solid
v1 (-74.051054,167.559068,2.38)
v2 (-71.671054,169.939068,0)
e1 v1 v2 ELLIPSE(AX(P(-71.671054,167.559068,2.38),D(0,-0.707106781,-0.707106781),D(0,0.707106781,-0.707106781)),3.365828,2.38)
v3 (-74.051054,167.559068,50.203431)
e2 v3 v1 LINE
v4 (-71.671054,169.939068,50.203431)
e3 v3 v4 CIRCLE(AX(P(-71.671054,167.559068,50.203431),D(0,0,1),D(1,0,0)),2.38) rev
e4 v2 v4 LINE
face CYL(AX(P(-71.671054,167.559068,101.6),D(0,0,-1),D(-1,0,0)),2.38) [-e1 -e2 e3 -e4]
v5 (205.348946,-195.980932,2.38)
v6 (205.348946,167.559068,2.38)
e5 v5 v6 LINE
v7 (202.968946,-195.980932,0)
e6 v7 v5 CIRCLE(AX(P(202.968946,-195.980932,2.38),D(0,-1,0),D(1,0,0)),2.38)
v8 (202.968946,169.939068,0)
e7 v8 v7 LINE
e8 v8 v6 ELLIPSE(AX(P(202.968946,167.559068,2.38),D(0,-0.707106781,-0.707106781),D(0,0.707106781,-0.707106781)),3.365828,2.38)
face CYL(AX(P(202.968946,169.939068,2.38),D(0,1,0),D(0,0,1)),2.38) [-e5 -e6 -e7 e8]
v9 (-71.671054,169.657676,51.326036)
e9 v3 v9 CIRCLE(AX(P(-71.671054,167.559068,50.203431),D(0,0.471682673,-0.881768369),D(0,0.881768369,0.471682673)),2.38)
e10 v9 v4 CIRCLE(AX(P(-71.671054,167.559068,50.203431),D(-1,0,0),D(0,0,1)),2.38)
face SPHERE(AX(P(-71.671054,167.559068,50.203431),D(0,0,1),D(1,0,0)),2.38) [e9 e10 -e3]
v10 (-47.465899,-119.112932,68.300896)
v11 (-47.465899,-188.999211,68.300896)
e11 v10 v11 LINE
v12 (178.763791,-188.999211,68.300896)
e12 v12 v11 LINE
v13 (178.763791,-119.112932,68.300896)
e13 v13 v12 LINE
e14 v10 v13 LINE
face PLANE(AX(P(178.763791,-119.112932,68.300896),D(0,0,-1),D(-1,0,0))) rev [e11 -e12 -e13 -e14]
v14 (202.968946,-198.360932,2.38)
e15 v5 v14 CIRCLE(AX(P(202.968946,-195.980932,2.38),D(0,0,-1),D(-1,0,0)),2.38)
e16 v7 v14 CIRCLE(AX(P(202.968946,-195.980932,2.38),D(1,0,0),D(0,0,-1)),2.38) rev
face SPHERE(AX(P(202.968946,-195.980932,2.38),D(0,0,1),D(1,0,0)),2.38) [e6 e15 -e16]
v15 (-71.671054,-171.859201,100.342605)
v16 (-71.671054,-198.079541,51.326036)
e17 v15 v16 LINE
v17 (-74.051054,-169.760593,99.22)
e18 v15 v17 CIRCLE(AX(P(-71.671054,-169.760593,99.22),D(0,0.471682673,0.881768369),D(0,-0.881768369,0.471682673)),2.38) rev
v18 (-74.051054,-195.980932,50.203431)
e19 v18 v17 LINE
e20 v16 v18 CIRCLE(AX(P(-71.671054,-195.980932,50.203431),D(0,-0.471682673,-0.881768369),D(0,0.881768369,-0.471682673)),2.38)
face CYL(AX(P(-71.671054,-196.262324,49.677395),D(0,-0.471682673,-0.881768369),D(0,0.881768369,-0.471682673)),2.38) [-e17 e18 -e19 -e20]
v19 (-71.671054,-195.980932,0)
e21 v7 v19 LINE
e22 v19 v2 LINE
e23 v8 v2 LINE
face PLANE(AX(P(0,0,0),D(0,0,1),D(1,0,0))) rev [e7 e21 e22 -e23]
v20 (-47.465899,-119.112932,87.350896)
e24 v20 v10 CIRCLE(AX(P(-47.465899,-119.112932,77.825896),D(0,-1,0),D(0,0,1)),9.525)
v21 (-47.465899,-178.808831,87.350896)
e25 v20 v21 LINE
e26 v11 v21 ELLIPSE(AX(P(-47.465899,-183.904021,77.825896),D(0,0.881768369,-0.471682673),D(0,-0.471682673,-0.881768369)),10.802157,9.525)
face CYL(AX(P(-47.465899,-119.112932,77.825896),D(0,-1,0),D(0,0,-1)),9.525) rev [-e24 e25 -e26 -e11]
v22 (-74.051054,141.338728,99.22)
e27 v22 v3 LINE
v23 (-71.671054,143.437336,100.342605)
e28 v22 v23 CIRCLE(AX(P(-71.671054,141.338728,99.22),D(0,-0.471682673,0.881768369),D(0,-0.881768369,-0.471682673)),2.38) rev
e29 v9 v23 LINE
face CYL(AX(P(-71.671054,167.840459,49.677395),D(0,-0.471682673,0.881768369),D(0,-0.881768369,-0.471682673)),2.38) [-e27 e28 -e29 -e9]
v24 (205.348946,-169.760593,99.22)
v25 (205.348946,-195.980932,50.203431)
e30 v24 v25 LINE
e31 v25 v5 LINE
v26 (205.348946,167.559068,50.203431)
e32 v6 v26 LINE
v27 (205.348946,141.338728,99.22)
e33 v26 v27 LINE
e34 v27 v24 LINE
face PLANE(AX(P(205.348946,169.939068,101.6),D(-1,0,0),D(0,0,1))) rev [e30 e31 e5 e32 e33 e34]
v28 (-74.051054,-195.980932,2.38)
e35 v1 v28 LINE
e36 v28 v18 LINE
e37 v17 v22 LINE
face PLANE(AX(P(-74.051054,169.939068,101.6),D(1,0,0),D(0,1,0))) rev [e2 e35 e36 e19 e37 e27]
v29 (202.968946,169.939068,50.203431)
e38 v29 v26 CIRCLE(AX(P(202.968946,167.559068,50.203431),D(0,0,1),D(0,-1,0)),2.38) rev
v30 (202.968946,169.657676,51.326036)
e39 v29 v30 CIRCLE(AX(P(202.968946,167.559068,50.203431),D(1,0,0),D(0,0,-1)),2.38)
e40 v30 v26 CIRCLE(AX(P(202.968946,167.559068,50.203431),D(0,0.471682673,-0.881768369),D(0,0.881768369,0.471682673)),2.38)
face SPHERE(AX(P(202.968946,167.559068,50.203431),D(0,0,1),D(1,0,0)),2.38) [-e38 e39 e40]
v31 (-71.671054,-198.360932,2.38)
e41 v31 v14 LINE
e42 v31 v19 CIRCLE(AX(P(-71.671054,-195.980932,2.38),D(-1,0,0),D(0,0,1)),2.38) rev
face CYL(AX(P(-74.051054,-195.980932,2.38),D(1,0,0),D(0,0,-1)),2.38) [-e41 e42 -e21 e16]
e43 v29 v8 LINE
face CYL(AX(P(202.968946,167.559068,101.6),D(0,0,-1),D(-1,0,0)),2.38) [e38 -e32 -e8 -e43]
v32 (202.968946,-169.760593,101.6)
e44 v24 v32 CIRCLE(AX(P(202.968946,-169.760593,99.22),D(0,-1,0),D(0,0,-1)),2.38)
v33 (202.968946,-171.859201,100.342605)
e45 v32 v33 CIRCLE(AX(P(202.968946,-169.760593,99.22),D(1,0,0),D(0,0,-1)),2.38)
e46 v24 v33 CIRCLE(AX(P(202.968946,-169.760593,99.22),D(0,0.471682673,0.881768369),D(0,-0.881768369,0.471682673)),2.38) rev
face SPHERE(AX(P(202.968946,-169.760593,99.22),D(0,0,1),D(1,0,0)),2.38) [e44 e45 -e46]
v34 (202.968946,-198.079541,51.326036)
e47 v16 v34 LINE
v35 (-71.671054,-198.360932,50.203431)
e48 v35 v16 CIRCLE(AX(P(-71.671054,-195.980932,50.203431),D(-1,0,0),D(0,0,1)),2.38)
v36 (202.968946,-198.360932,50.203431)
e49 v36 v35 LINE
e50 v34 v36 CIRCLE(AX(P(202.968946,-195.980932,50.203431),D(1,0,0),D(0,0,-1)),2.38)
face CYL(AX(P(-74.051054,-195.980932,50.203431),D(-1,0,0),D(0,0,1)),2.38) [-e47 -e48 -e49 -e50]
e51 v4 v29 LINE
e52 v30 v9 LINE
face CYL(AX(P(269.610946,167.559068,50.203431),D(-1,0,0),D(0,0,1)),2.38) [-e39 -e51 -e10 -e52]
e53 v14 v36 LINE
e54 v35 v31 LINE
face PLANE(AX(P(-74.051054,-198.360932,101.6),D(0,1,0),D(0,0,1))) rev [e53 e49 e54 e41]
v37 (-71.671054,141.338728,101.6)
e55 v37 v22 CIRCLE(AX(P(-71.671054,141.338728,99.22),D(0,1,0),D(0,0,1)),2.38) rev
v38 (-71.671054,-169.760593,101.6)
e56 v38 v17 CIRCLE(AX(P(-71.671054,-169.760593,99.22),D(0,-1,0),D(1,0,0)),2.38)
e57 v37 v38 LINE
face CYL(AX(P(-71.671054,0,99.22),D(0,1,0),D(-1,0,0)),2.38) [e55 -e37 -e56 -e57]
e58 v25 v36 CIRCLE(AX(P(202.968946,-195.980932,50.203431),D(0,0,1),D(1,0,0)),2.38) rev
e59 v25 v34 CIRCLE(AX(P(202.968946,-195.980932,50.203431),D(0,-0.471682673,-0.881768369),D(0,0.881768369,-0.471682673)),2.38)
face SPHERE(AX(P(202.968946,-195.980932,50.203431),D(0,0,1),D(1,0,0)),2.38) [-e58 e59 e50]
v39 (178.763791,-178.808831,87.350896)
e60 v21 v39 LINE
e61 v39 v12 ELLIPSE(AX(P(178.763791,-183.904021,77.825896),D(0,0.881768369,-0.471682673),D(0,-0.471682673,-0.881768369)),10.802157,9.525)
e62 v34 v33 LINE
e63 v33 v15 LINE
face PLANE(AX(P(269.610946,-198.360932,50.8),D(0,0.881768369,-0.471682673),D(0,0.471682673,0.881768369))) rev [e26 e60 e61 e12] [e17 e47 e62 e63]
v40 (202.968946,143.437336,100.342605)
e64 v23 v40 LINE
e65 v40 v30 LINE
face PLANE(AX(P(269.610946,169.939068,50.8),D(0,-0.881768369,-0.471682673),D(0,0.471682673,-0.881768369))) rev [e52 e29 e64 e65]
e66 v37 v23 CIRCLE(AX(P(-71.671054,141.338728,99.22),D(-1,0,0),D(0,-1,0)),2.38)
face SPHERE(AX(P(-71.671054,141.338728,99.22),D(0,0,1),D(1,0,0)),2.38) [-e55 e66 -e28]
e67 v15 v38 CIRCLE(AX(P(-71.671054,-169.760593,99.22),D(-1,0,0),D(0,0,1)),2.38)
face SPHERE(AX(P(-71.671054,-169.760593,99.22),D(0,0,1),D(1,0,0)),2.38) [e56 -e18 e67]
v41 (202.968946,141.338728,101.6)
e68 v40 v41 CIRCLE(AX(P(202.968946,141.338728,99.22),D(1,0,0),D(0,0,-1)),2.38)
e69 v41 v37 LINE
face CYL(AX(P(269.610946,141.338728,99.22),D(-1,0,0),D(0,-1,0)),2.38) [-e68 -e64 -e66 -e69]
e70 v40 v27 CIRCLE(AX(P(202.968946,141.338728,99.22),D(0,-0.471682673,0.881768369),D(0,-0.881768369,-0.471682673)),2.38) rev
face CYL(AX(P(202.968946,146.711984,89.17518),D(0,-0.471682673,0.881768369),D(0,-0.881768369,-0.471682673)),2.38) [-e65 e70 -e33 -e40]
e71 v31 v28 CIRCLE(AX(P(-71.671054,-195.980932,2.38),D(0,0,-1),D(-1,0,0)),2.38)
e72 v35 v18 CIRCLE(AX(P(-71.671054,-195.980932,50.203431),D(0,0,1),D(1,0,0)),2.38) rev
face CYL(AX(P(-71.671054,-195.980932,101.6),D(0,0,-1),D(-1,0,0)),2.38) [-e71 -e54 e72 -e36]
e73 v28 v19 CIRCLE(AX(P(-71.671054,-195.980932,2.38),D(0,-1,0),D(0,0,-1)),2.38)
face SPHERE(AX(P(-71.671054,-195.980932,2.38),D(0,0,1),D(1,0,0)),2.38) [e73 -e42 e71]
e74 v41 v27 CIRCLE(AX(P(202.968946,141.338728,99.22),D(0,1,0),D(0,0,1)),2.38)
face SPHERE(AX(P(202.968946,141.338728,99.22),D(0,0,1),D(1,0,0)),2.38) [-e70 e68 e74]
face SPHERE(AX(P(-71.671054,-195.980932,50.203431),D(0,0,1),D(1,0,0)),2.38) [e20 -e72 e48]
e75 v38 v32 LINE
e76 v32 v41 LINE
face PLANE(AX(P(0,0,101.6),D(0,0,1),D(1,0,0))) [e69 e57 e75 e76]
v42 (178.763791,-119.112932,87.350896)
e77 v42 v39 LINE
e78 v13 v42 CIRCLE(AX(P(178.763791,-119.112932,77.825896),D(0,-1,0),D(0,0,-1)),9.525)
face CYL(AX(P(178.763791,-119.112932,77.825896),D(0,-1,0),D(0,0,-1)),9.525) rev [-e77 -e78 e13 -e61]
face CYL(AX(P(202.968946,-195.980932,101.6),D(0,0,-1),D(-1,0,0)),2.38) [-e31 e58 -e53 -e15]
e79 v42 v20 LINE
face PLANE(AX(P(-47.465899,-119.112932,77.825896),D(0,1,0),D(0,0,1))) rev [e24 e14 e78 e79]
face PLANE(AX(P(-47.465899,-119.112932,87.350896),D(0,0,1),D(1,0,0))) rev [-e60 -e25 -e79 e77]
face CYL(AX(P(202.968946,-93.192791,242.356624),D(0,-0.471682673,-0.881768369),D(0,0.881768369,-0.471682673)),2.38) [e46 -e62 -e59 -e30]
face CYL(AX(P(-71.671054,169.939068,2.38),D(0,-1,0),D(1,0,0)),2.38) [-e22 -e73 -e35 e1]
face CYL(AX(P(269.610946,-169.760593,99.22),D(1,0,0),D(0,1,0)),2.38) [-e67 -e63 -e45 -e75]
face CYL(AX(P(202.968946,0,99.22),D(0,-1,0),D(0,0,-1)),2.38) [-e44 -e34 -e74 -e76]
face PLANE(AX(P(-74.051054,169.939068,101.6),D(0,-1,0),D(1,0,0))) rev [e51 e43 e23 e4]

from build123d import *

# Parameters (mm, degrees)
SKETCH1_W           = 279.4
SKETCH1_H           = 368.3
BOSS_EXTRUDE1_DEPTH = 101.6
CUT_EXTRUDE2_DEPTH  = 343.662
CUT_EXTRUDE3_DEPTH  = 81.788
FILLET2_R           = 2.38


with BuildPart() as part:
    # Sketch1 → Boss-Extrude1 (new body)
    with BuildSketch(Plane.XY):
        with Locations((65.648946297, -14.210932476)):
            Rectangle(SKETCH1_W, SKETCH1_H)
    extrude(amount=BOSS_EXTRUDE1_DEPTH)

    # Sketch5 → Cut-Extrude2 (cut)
    with BuildSketch(Plane.ZY.offset(74.051053703)):
        Polygon((50.8, 169.939067524), (101.6, 142.764720342), (197.27126928, 191.743775141), (59.221541493, 225.542979991), align=None)
        Polygon((197.27126928, -220.165640093), (59.221541493, -253.964844943), (50.8, -198.360932476), (101.6, -171.186585294), align=None)
    extrude(amount=-CUT_EXTRUDE2_DEPTH, mode=Mode.SUBTRACT)

    # Sketch6 → Cut-Extrude3 (cut)
    with BuildSketch(Plane(origin=(0, -200.900932476, 0), x_dir=(-1, 0, 0), z_dir=(0, -1, 0))):
        with BuildLine():
            Line((47.465898878, -87.350896203), (-178.763791471, -87.350896203))
            ThreePointArc((-178.763791471, -87.350896203), (-188.288791471, -77.825896203), (-178.763791471, -68.300896203))
            Line((-178.763791471, -68.300896203), (47.465898878, -68.300896203))
            ThreePointArc((47.465898878, -68.300896203), (56.990898878, -77.825896203), (47.465898878, -87.350896203))
        make_face()
    extrude(amount=-CUT_EXTRUDE3_DEPTH, mode=Mode.SUBTRACT)

    # Fillet2
    fillet2_edges = [part.edges().sort_by_distance(p)[0] for p in [
        (-74.051053703, -14.210932476, 101.6),
        (205.348946297, -14.210932476, 101.6),
        (65.648946297, -171.186585294, 101.6),
        (65.648946297, 142.764720342, 101.6),
        (-74.051053703, 169.939067524, 25.4),
        (205.348946297, 169.939067524, 25.4),
        (205.348946297, -198.360932476, 25.4),
        (-74.051053703, -198.360932476, 25.4),
        (205.348946297, 156.351893933, 76.2),
        (-74.051053703, 156.351893933, 76.2),
        (65.648946297, 169.939067524, 50.8),
        (205.348946297, -184.773758885, 76.2),
        (65.648946297, -198.360932476, 50.8),
        (-74.051053703, -184.773758885, 76.2),
        (205.348946297, -14.210932476, 0),
        (65.648946297, -198.360932476, 0),
        (-74.051053703, -14.210932476, 0),
    ]]
    fillet(fillet2_edges, radius=FILLET2_R)


solid = part.part
